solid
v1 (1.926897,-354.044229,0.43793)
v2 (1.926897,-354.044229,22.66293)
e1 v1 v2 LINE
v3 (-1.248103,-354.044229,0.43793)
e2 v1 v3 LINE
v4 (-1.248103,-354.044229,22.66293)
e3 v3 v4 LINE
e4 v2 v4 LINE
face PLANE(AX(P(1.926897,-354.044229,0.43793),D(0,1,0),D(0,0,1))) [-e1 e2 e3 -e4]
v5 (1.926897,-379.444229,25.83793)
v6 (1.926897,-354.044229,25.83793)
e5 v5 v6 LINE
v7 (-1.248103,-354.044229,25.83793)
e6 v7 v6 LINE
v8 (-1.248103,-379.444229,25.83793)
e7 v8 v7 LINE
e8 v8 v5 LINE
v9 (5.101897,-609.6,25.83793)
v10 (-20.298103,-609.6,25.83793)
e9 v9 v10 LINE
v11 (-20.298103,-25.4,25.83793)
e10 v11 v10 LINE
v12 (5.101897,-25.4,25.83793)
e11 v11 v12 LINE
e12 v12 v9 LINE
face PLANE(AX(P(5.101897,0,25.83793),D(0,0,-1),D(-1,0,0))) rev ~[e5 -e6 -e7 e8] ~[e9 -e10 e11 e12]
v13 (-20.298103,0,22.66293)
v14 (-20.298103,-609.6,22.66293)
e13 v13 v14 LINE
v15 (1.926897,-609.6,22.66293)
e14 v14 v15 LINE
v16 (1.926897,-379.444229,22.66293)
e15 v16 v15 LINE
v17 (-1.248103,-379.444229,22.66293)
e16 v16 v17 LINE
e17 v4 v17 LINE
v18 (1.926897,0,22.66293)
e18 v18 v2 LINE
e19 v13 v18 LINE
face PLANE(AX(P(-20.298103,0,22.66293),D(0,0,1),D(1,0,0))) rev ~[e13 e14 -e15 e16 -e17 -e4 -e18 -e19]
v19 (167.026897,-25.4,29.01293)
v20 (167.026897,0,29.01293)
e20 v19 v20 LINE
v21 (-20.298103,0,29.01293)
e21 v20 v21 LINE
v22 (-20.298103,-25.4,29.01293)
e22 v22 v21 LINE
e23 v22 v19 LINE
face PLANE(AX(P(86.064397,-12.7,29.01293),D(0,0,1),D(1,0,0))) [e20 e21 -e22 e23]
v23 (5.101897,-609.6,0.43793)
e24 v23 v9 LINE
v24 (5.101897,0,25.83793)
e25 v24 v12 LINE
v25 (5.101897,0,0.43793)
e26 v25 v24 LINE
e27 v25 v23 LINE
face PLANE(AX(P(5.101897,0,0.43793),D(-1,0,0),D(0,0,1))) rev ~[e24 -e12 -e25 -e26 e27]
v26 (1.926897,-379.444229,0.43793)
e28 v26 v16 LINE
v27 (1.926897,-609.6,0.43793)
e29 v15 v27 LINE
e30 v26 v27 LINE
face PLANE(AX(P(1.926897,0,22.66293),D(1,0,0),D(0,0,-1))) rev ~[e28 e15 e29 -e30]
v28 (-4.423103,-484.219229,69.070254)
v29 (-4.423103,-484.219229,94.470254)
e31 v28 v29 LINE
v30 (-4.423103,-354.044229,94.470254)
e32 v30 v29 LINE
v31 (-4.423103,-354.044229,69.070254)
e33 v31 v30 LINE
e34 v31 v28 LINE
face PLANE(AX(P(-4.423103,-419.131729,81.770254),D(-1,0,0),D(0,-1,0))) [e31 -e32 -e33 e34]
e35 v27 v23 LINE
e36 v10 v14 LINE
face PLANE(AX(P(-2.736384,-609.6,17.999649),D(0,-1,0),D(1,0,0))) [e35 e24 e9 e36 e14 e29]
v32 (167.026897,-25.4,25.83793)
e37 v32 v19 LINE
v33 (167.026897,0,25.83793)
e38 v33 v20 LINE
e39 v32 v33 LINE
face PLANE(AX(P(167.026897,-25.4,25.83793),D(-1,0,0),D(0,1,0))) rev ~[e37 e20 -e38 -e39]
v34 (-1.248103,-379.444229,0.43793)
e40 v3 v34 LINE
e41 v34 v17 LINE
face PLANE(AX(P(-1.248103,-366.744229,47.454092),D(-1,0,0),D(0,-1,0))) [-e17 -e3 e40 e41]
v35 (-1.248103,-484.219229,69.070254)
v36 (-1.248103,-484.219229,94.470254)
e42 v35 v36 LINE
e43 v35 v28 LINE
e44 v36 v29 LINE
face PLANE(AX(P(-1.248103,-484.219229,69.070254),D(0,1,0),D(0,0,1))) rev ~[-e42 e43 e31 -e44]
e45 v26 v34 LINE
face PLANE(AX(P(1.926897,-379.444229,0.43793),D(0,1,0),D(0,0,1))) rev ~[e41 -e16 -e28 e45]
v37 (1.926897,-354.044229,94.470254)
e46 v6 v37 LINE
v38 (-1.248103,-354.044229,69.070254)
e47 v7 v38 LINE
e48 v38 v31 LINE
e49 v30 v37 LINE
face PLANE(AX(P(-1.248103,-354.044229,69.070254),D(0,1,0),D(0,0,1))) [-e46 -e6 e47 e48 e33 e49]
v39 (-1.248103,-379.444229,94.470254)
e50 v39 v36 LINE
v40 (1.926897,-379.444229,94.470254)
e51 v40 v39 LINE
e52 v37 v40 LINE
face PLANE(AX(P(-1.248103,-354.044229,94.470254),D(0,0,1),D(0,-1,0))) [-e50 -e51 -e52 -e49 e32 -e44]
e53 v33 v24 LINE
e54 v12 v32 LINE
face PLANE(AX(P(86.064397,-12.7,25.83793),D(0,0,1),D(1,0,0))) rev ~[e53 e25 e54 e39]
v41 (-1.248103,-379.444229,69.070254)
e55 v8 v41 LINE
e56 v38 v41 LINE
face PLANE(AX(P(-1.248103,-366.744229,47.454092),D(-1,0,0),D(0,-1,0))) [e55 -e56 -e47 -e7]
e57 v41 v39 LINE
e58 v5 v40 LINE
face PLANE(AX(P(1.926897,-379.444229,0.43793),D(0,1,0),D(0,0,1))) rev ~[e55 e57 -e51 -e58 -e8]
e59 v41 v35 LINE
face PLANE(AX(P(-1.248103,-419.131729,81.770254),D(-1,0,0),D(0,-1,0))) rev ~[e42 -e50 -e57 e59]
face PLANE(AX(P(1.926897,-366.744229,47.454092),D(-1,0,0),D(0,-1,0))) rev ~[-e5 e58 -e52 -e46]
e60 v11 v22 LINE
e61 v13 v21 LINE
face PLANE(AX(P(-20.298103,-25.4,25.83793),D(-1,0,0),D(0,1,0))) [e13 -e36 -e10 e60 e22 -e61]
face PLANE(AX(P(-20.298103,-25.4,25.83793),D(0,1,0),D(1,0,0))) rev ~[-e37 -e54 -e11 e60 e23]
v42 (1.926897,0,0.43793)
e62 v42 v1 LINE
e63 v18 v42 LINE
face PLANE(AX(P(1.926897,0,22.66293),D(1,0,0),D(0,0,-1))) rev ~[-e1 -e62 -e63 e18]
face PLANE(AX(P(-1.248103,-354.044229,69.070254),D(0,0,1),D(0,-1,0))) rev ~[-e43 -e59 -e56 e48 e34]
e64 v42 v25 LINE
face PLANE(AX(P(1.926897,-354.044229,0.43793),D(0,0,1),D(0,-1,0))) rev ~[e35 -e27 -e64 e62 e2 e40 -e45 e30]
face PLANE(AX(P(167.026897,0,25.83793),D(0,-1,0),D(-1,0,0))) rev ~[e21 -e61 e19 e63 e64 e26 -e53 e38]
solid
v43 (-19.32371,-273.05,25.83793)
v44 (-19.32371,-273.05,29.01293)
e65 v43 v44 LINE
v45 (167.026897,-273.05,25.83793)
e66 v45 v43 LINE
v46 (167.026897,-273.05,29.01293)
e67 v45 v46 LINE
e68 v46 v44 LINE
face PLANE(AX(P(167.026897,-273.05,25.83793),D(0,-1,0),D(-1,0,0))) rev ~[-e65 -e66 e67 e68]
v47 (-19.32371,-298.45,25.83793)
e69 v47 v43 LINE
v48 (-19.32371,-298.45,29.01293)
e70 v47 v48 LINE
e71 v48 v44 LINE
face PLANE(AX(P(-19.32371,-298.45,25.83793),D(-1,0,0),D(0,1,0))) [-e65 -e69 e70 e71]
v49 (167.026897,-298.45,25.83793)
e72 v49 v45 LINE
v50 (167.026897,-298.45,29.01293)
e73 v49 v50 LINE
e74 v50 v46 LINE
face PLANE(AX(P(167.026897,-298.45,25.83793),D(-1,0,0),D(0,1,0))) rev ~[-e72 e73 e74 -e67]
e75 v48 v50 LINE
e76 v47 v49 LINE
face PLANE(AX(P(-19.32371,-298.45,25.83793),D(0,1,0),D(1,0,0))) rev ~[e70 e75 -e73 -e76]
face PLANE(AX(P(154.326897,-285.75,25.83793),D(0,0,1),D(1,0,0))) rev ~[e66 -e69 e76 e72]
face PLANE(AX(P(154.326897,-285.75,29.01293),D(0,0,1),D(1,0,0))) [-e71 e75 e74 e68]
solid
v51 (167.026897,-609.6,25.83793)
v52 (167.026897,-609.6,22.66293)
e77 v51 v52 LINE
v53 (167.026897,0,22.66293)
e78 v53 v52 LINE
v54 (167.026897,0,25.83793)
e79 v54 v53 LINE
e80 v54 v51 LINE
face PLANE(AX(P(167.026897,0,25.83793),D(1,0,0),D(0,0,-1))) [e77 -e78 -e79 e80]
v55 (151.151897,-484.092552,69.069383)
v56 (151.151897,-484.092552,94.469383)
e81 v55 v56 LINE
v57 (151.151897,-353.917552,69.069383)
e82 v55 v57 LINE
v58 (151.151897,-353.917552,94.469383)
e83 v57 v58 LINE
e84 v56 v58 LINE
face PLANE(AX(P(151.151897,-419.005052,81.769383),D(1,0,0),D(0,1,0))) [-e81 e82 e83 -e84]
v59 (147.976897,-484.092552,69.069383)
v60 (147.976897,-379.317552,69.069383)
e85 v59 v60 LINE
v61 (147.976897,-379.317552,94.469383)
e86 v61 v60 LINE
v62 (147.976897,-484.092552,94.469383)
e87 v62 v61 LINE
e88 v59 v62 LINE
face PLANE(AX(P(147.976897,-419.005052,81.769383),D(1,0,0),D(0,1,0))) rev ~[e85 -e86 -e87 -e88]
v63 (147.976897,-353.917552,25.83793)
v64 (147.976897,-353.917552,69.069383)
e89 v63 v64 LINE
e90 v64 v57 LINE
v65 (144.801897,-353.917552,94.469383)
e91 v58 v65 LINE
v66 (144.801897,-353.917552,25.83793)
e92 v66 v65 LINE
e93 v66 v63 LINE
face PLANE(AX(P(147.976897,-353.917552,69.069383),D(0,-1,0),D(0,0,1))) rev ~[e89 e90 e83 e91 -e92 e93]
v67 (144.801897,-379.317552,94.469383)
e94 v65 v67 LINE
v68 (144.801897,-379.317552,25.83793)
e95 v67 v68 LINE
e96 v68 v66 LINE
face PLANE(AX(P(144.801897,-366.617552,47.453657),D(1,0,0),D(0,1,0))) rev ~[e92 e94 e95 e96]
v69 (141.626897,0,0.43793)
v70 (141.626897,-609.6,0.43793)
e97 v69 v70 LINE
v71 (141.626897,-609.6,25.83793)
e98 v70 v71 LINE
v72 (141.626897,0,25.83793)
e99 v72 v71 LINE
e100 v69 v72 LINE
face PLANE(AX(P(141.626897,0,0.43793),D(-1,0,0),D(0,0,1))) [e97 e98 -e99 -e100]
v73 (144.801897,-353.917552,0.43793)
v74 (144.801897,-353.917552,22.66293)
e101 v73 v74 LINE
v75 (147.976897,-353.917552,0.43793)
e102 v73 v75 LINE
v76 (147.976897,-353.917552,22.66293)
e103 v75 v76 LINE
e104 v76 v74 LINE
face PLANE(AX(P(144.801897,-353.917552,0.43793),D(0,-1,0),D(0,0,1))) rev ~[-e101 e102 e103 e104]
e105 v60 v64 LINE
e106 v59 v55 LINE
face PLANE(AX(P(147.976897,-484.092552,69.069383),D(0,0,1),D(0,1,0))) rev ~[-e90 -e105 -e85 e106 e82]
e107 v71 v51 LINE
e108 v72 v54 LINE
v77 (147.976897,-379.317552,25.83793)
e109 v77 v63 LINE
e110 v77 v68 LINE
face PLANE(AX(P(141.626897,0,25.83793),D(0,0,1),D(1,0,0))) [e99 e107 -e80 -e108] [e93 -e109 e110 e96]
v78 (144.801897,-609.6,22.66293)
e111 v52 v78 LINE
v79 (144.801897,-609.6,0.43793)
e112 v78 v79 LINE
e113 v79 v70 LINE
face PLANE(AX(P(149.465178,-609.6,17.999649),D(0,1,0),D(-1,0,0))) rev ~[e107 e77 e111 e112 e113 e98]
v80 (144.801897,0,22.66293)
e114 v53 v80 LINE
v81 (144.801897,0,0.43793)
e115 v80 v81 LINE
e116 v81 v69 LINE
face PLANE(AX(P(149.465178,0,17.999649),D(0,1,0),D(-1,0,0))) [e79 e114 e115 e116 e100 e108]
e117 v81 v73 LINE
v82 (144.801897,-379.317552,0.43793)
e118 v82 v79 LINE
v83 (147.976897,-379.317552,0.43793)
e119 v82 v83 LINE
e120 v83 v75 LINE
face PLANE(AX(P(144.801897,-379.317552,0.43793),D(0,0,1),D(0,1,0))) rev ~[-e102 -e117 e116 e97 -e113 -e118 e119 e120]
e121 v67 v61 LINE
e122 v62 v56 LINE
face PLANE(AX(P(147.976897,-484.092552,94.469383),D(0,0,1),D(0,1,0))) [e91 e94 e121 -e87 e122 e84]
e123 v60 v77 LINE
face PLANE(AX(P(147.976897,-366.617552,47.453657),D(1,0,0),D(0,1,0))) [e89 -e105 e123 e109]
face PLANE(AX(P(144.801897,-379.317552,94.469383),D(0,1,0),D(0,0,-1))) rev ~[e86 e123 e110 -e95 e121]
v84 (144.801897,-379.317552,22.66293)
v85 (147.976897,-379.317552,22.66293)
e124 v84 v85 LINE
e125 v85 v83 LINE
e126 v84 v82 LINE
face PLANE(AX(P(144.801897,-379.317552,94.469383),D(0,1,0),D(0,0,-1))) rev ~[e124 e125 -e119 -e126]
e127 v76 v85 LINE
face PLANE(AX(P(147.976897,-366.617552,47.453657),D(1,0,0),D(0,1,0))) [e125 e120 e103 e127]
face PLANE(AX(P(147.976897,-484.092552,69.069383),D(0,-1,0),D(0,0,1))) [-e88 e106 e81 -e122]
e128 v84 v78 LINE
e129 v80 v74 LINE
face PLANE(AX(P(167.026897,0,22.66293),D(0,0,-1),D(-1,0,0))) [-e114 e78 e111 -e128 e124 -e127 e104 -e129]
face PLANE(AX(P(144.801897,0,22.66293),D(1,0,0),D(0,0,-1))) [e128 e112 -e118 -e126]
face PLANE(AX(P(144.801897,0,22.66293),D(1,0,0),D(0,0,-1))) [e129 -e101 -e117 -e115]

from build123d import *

# Parameters (mm, degrees)
F1_DEPTH  = 609.6
F2_W      = 161.925
F2_H      = 25.4
F2_W_2    = 25.4
F3_DEPTH  = 3.175
F5_DEPTH  = 609.6
F6_W      = 25.4
F6_H      = 25.4
F6_W_2    = 160.9506074816
F7_DEPTH  = 3.175
F9_DEPTH  = 3.175
F10_W     = 130.175
F10_H     = 25.4
F11_DEPTH = 3.175
F12_W     = 25.4
F12_H     = 94.032324
F13_DEPTH = 3.175
F14_W     = 130.175
F14_H     = 25.4
F15_DEPTH = 3.175


with BuildPart() as f1:
    # F0 (on Front) → F1 (new body)
    with BuildSketch(Plane.XZ):
        Polygon((5.1018971294, 25.8379301906), (-20.2981028706, 25.8379301906), (-20.2981028706, 22.6629301906), (1.9268971294, 22.6629301906), (1.9268971294, 11.0358623788), (1.9268971294, 0.4379301906), (5.1018971294, 0.4379301906), align=None)
    extrude(amount=F1_DEPTH)

    # F2 (on face) → F3 (join)
    with BuildSketch(Plane.XY.offset(25.8379301906)):
        with Locations((86.0643971294, -12.7)):
            Rectangle(F2_W, F2_H)
        with Locations((-7.5981028706, -12.7)):
            Rectangle(F2_W_2, F2_H)
    extrude(amount=F3_DEPTH)

    # F12 (on face) → F13 (join)
    with BuildSketch(Plane(origin=(1.9268971294, 0, 0), x_dir=(0, -1, 0), z_dir=(-1, 0, 0))):
        with Locations((366.7442287922, 47.4540921906)):
            Rectangle(F12_W, F12_H)
    extrude(amount=F13_DEPTH)

    # F14 (on face) → F15 (join)
    with BuildSketch(Plane(origin=(-1.2481028706, 0, 0), x_dir=(0, -1, 0), z_dir=(-1, 0, 0))):
        with Locations((419.1317287922, 81.7702541906)):
            Rectangle(F14_W, F14_H)
    extrude(amount=F15_DEPTH)


with BuildPart() as f5:
    # F4 (on face) → F5 (new body)
    with BuildSketch(Plane(origin=(0, 0, 0), x_dir=(-1, 0, 0), z_dir=(0, 1, 0))):
        Polygon((-141.6268971294, 25.8379301906), (-167.0268971294, 25.8379301906), (-167.0268971294, 22.6629301906), (-144.8018971294, 22.6629301906), (-144.8018971294, 0.4379301906), (-141.6268971294, 0.4379301906), align=None)
    extrude(amount=-F5_DEPTH)

    # F8 (on face) → F9 (join)
    with BuildSketch(Plane.YZ.offset(144.8018971294)):
        Polygon((-379.3175518513, 0.4379301906), (-353.9175518513, 0.4379301906), (-353.9175518513, 22.6629301906), (-353.9175518513, 94.469383359), (-379.3175518513, 94.469383359), align=None)
    extrude(amount=F9_DEPTH)

    # F10 (on face) → F11 (join)
    with BuildSketch(Plane.YZ.offset(147.9768971294)):
        with Locations((-419.0050518513, 81.769383359)):
            Rectangle(F10_W, F10_H)
    extrude(amount=F11_DEPTH)


with BuildPart() as f7:
    # F6 (on face) → F7 (new body)
    with BuildSketch(Plane.XY.offset(25.8379301906)):
        with Locations((154.3268971294, -285.75)):
            Rectangle(F6_W, F6_H)
        with Locations((61.1515933886, -285.75)):
            Rectangle(F6_W_2, F6_H)
    extrude(amount=F7_DEPTH)


solid = Compound([f1.part, f5.part, f7.part])
